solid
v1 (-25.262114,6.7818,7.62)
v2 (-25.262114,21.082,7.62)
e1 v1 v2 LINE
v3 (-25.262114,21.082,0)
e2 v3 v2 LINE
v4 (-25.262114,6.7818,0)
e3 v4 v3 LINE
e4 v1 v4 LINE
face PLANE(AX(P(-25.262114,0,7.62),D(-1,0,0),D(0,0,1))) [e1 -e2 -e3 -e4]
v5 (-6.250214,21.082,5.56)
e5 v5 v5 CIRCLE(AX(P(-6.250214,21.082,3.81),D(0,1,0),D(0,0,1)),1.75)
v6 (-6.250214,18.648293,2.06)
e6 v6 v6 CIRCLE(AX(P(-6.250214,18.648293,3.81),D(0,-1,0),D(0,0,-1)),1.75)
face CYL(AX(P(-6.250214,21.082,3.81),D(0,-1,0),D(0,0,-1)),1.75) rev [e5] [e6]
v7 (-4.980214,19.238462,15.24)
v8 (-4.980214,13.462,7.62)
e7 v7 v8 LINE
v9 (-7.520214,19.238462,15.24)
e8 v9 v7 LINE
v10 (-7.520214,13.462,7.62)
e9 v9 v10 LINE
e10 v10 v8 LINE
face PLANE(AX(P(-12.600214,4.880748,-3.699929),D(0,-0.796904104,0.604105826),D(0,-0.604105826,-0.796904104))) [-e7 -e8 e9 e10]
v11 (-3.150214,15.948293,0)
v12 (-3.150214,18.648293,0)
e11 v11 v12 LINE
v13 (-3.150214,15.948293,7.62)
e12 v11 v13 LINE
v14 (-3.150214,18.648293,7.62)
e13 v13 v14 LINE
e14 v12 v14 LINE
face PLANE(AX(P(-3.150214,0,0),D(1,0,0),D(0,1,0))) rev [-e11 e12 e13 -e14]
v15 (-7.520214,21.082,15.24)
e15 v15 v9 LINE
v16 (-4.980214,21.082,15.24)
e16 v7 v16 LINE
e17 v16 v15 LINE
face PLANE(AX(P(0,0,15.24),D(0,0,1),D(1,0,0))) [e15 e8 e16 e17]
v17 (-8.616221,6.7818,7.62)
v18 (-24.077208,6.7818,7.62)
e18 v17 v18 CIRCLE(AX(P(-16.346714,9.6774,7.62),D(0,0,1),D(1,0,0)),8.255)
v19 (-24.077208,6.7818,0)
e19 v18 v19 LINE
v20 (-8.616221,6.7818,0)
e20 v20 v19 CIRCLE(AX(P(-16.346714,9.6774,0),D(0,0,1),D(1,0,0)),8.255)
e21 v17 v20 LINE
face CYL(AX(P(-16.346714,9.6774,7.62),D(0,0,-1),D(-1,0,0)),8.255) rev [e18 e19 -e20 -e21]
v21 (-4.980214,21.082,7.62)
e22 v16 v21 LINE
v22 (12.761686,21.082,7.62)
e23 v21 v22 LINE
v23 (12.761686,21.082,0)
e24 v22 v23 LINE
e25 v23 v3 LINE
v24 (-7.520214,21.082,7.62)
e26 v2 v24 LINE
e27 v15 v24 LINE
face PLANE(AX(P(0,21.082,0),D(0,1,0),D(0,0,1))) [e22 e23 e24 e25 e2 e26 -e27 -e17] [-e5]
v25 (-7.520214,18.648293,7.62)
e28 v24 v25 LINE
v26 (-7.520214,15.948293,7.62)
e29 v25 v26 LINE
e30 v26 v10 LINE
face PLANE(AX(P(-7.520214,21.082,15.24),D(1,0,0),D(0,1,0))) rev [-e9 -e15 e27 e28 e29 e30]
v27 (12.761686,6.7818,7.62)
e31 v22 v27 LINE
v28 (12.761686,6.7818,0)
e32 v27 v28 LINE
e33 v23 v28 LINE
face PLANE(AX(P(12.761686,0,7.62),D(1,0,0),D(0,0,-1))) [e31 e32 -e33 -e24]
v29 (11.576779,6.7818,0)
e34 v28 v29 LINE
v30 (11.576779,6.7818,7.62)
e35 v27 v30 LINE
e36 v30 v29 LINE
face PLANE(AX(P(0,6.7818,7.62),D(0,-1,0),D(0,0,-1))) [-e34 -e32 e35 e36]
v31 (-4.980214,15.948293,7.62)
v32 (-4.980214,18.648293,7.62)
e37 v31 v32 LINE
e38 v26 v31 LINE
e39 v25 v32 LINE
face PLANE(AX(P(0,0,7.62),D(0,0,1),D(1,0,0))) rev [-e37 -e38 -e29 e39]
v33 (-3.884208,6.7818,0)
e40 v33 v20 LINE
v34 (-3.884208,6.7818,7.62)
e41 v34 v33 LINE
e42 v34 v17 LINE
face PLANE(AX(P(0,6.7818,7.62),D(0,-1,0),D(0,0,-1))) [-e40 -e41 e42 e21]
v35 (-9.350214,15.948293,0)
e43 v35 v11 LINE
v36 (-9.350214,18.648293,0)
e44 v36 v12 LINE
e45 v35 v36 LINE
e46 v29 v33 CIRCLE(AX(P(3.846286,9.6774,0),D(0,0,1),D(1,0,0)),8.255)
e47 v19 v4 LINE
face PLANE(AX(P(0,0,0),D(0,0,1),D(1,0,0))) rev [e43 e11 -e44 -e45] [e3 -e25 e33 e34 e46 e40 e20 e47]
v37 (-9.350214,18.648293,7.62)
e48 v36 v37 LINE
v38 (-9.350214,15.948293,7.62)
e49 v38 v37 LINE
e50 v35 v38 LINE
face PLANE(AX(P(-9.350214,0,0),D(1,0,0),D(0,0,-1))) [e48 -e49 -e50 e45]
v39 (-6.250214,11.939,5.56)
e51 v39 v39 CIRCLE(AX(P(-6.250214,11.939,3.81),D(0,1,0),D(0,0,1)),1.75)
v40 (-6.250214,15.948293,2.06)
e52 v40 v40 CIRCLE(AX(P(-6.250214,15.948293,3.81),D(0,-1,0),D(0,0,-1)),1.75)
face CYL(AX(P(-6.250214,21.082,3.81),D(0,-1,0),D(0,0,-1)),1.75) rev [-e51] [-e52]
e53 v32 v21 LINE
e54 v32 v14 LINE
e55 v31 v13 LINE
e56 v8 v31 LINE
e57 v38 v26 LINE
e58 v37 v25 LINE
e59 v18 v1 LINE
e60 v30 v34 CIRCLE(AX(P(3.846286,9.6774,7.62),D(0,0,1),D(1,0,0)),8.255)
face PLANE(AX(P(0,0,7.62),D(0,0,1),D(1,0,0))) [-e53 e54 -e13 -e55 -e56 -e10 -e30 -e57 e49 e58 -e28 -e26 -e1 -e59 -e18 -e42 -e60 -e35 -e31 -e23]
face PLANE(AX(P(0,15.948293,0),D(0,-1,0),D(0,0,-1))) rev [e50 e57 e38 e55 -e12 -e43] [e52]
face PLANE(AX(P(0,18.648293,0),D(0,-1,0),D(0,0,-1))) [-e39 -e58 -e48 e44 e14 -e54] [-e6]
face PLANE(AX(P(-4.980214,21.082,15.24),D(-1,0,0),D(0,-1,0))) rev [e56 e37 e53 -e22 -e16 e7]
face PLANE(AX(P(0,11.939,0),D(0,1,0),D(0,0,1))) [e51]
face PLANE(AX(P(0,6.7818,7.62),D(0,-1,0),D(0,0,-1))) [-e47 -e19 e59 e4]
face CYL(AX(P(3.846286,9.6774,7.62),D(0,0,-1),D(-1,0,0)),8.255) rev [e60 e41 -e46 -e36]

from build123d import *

# Parameters (mm, degrees)
BOSS_EXTRUDE1_DEPTH     = 7.619999999999999
CUT_EXTRUDE1_DEPTH      = 1.143
CUT_EXTRUDE1_DEPTH_BACK = 8
CUT_EXTRUDE2_DEPTH      = 7.619999999999999
BOSS_EXTRUDE2_START     = 1.143
SKETCH4_W               = 38.023799999999994
SKETCH4_H               = 7.619999999999999
SKETCH4_R               = 1.75
BOSS_EXTRUDE2_DEPTH     = 1.143
BOSS_EXTRUDE3_DEPTH     = 7.619999999999999
CUT_EXTRUDE3_DEPTH      = 7.619999999999999


with BuildPart() as part:
    # Sketch1 → Boss-Extrude1 (new body)
    with BuildSketch(Plane.XY):
        with BuildLine():
            ThreePointArc((-8.61622105177378, 6.7818000000000005), (-16.346714285714288, 17.932399999999998), (-24.077207519654795, 6.781800000000001))
            Line((-24.077207519654795, 6.781800000000001), (-24.88111428571429, 6.781800000000001))
            Line((-24.88111428571429, 6.781800000000001), (-24.88111428571429, 19.558000000000003))
            Line((-24.88111428571429, 19.558000000000003), (12.380685714285711, 19.558000000000003))
            Line((12.380685714285711, 19.558000000000003), (12.380685714285711, 6.7818000000000005))
            Line((12.380685714285711, 6.7818000000000005), (11.576778948226218, 6.7818000000000005))
            ThreePointArc((11.576778948226218, 6.7818000000000005), (3.846285714285714, 17.932399999999994), (-3.8842075196547947, 6.7818000000000005))
            Line((-3.8842075196547947, 6.7818000000000005), (-8.61622105177378, 6.7818000000000005))
        make_face()
        Polygon((12.380685714285711, 6.7818000000000005), (12.76168571428571, 6.781800000000001), (12.76168571428571, 19.939000000000004), (-25.262114285714286, 19.939000000000004), (-25.262114285714286, 6.781800000000001), (-24.88111428571429, 6.781800000000001), (-24.88111428571429, 19.558000000000003), (12.380685714285711, 19.558000000000003), align=None)
    extrude(amount=BOSS_EXTRUDE1_DEPTH)

    # Sketch2 → Cut-Extrude1 (cut, two sides: drawn at the far end of the back side and taken through both)
    with BuildSketch(Plane(origin=(0, 19.939000000000004, 0), x_dir=(1, 0, 0), z_dir=(0, 1, 0)).offset(-CUT_EXTRUDE1_DEPTH_BACK)):
        with BuildLine():
            ThreePointArc((-6.250214285714273, -2.0600000000000005), (-8.00021428571429, -3.8100000000000005), (-6.250214285714274, -5.5600000000000005))
            Line((-6.250214285714289, -5.5600000000000005), (-6.250214285714289, -2.0600000000000005))
        make_face()
        with BuildLine():
            Line((-6.250214285714289, -2.0600000000000005), (-6.250214285714289, -5.5600000000000005))
            ThreePointArc((-6.250214285714274, -5.5600000000000005), (-5.012777418637826, -5.047436867076454), (-4.500214285714289, -3.810000000000001))
            ThreePointArc((-4.500214285714289, -3.8100000000000005), (-5.0127774186378256, -2.5725631329235483), (-6.250214285714273, -2.0600000000000005))
        make_face()
    extrude(amount=CUT_EXTRUDE1_DEPTH + CUT_EXTRUDE1_DEPTH_BACK, mode=Mode.SUBTRACT)

    # Sketch3 → Cut-Extrude2 (cut)
    with BuildSketch(Plane.XY.offset(7.619999999999999)):
        Polygon((-9.350214285713994, 15.948293112068052), (-3.1502142857139956, 15.948293112068052), (-3.150214285713995, 18.64829304606805), (-9.350214285713994, 18.64829304606805), align=None)
    extrude(amount=-CUT_EXTRUDE2_DEPTH, mode=Mode.SUBTRACT)

    # Sketch4 → Boss-Extrude2 (add)
    with BuildSketch(Plane(origin=(0, 19.939000000000004, 0), x_dir=(1, 0, 0), z_dir=(0, 1, 0)).offset(BOSS_EXTRUDE2_START)):
        with Locations((-6.250214285714288, -3.8099999999999996)):
            Rectangle(SKETCH4_W, SKETCH4_H)
        with Locations(Location((-6.250214285714289, -3.8100000000000005, 0), (0, 0, 90))):
            Circle(SKETCH4_R, mode=Mode.SUBTRACT)
    extrude(amount=-BOSS_EXTRUDE2_DEPTH)

    # Sketch5 → Boss-Extrude3 (add)
    with BuildSketch(Plane.XY.offset(7.619999999999999)):
        Polygon((-7.520214285714289, 21.082000000000004), (-4.980214285714288, 21.082000000000004), (-4.980214285714287, 13.462000000000005), (-7.520214285714288, 13.462000000000005), align=None)
    extrude(amount=BOSS_EXTRUDE3_DEPTH)

    # Sketch6 → Cut-Extrude3 (cut)
    with BuildSketch(Plane(origin=(-4.980214285714286, -5.7e-16, 0), x_dir=(0, 0, -1), z_dir=(1, 1.1e-16, 0))):
        Polygon((-15.239999999999998, 13.462000000000005), (-7.619999999999999, 13.462000000000005), (-15.239999999999998, 19.238462155748426), align=None)
    extrude(amount=-CUT_EXTRUDE3_DEPTH, mode=Mode.SUBTRACT)


solid = part.part
